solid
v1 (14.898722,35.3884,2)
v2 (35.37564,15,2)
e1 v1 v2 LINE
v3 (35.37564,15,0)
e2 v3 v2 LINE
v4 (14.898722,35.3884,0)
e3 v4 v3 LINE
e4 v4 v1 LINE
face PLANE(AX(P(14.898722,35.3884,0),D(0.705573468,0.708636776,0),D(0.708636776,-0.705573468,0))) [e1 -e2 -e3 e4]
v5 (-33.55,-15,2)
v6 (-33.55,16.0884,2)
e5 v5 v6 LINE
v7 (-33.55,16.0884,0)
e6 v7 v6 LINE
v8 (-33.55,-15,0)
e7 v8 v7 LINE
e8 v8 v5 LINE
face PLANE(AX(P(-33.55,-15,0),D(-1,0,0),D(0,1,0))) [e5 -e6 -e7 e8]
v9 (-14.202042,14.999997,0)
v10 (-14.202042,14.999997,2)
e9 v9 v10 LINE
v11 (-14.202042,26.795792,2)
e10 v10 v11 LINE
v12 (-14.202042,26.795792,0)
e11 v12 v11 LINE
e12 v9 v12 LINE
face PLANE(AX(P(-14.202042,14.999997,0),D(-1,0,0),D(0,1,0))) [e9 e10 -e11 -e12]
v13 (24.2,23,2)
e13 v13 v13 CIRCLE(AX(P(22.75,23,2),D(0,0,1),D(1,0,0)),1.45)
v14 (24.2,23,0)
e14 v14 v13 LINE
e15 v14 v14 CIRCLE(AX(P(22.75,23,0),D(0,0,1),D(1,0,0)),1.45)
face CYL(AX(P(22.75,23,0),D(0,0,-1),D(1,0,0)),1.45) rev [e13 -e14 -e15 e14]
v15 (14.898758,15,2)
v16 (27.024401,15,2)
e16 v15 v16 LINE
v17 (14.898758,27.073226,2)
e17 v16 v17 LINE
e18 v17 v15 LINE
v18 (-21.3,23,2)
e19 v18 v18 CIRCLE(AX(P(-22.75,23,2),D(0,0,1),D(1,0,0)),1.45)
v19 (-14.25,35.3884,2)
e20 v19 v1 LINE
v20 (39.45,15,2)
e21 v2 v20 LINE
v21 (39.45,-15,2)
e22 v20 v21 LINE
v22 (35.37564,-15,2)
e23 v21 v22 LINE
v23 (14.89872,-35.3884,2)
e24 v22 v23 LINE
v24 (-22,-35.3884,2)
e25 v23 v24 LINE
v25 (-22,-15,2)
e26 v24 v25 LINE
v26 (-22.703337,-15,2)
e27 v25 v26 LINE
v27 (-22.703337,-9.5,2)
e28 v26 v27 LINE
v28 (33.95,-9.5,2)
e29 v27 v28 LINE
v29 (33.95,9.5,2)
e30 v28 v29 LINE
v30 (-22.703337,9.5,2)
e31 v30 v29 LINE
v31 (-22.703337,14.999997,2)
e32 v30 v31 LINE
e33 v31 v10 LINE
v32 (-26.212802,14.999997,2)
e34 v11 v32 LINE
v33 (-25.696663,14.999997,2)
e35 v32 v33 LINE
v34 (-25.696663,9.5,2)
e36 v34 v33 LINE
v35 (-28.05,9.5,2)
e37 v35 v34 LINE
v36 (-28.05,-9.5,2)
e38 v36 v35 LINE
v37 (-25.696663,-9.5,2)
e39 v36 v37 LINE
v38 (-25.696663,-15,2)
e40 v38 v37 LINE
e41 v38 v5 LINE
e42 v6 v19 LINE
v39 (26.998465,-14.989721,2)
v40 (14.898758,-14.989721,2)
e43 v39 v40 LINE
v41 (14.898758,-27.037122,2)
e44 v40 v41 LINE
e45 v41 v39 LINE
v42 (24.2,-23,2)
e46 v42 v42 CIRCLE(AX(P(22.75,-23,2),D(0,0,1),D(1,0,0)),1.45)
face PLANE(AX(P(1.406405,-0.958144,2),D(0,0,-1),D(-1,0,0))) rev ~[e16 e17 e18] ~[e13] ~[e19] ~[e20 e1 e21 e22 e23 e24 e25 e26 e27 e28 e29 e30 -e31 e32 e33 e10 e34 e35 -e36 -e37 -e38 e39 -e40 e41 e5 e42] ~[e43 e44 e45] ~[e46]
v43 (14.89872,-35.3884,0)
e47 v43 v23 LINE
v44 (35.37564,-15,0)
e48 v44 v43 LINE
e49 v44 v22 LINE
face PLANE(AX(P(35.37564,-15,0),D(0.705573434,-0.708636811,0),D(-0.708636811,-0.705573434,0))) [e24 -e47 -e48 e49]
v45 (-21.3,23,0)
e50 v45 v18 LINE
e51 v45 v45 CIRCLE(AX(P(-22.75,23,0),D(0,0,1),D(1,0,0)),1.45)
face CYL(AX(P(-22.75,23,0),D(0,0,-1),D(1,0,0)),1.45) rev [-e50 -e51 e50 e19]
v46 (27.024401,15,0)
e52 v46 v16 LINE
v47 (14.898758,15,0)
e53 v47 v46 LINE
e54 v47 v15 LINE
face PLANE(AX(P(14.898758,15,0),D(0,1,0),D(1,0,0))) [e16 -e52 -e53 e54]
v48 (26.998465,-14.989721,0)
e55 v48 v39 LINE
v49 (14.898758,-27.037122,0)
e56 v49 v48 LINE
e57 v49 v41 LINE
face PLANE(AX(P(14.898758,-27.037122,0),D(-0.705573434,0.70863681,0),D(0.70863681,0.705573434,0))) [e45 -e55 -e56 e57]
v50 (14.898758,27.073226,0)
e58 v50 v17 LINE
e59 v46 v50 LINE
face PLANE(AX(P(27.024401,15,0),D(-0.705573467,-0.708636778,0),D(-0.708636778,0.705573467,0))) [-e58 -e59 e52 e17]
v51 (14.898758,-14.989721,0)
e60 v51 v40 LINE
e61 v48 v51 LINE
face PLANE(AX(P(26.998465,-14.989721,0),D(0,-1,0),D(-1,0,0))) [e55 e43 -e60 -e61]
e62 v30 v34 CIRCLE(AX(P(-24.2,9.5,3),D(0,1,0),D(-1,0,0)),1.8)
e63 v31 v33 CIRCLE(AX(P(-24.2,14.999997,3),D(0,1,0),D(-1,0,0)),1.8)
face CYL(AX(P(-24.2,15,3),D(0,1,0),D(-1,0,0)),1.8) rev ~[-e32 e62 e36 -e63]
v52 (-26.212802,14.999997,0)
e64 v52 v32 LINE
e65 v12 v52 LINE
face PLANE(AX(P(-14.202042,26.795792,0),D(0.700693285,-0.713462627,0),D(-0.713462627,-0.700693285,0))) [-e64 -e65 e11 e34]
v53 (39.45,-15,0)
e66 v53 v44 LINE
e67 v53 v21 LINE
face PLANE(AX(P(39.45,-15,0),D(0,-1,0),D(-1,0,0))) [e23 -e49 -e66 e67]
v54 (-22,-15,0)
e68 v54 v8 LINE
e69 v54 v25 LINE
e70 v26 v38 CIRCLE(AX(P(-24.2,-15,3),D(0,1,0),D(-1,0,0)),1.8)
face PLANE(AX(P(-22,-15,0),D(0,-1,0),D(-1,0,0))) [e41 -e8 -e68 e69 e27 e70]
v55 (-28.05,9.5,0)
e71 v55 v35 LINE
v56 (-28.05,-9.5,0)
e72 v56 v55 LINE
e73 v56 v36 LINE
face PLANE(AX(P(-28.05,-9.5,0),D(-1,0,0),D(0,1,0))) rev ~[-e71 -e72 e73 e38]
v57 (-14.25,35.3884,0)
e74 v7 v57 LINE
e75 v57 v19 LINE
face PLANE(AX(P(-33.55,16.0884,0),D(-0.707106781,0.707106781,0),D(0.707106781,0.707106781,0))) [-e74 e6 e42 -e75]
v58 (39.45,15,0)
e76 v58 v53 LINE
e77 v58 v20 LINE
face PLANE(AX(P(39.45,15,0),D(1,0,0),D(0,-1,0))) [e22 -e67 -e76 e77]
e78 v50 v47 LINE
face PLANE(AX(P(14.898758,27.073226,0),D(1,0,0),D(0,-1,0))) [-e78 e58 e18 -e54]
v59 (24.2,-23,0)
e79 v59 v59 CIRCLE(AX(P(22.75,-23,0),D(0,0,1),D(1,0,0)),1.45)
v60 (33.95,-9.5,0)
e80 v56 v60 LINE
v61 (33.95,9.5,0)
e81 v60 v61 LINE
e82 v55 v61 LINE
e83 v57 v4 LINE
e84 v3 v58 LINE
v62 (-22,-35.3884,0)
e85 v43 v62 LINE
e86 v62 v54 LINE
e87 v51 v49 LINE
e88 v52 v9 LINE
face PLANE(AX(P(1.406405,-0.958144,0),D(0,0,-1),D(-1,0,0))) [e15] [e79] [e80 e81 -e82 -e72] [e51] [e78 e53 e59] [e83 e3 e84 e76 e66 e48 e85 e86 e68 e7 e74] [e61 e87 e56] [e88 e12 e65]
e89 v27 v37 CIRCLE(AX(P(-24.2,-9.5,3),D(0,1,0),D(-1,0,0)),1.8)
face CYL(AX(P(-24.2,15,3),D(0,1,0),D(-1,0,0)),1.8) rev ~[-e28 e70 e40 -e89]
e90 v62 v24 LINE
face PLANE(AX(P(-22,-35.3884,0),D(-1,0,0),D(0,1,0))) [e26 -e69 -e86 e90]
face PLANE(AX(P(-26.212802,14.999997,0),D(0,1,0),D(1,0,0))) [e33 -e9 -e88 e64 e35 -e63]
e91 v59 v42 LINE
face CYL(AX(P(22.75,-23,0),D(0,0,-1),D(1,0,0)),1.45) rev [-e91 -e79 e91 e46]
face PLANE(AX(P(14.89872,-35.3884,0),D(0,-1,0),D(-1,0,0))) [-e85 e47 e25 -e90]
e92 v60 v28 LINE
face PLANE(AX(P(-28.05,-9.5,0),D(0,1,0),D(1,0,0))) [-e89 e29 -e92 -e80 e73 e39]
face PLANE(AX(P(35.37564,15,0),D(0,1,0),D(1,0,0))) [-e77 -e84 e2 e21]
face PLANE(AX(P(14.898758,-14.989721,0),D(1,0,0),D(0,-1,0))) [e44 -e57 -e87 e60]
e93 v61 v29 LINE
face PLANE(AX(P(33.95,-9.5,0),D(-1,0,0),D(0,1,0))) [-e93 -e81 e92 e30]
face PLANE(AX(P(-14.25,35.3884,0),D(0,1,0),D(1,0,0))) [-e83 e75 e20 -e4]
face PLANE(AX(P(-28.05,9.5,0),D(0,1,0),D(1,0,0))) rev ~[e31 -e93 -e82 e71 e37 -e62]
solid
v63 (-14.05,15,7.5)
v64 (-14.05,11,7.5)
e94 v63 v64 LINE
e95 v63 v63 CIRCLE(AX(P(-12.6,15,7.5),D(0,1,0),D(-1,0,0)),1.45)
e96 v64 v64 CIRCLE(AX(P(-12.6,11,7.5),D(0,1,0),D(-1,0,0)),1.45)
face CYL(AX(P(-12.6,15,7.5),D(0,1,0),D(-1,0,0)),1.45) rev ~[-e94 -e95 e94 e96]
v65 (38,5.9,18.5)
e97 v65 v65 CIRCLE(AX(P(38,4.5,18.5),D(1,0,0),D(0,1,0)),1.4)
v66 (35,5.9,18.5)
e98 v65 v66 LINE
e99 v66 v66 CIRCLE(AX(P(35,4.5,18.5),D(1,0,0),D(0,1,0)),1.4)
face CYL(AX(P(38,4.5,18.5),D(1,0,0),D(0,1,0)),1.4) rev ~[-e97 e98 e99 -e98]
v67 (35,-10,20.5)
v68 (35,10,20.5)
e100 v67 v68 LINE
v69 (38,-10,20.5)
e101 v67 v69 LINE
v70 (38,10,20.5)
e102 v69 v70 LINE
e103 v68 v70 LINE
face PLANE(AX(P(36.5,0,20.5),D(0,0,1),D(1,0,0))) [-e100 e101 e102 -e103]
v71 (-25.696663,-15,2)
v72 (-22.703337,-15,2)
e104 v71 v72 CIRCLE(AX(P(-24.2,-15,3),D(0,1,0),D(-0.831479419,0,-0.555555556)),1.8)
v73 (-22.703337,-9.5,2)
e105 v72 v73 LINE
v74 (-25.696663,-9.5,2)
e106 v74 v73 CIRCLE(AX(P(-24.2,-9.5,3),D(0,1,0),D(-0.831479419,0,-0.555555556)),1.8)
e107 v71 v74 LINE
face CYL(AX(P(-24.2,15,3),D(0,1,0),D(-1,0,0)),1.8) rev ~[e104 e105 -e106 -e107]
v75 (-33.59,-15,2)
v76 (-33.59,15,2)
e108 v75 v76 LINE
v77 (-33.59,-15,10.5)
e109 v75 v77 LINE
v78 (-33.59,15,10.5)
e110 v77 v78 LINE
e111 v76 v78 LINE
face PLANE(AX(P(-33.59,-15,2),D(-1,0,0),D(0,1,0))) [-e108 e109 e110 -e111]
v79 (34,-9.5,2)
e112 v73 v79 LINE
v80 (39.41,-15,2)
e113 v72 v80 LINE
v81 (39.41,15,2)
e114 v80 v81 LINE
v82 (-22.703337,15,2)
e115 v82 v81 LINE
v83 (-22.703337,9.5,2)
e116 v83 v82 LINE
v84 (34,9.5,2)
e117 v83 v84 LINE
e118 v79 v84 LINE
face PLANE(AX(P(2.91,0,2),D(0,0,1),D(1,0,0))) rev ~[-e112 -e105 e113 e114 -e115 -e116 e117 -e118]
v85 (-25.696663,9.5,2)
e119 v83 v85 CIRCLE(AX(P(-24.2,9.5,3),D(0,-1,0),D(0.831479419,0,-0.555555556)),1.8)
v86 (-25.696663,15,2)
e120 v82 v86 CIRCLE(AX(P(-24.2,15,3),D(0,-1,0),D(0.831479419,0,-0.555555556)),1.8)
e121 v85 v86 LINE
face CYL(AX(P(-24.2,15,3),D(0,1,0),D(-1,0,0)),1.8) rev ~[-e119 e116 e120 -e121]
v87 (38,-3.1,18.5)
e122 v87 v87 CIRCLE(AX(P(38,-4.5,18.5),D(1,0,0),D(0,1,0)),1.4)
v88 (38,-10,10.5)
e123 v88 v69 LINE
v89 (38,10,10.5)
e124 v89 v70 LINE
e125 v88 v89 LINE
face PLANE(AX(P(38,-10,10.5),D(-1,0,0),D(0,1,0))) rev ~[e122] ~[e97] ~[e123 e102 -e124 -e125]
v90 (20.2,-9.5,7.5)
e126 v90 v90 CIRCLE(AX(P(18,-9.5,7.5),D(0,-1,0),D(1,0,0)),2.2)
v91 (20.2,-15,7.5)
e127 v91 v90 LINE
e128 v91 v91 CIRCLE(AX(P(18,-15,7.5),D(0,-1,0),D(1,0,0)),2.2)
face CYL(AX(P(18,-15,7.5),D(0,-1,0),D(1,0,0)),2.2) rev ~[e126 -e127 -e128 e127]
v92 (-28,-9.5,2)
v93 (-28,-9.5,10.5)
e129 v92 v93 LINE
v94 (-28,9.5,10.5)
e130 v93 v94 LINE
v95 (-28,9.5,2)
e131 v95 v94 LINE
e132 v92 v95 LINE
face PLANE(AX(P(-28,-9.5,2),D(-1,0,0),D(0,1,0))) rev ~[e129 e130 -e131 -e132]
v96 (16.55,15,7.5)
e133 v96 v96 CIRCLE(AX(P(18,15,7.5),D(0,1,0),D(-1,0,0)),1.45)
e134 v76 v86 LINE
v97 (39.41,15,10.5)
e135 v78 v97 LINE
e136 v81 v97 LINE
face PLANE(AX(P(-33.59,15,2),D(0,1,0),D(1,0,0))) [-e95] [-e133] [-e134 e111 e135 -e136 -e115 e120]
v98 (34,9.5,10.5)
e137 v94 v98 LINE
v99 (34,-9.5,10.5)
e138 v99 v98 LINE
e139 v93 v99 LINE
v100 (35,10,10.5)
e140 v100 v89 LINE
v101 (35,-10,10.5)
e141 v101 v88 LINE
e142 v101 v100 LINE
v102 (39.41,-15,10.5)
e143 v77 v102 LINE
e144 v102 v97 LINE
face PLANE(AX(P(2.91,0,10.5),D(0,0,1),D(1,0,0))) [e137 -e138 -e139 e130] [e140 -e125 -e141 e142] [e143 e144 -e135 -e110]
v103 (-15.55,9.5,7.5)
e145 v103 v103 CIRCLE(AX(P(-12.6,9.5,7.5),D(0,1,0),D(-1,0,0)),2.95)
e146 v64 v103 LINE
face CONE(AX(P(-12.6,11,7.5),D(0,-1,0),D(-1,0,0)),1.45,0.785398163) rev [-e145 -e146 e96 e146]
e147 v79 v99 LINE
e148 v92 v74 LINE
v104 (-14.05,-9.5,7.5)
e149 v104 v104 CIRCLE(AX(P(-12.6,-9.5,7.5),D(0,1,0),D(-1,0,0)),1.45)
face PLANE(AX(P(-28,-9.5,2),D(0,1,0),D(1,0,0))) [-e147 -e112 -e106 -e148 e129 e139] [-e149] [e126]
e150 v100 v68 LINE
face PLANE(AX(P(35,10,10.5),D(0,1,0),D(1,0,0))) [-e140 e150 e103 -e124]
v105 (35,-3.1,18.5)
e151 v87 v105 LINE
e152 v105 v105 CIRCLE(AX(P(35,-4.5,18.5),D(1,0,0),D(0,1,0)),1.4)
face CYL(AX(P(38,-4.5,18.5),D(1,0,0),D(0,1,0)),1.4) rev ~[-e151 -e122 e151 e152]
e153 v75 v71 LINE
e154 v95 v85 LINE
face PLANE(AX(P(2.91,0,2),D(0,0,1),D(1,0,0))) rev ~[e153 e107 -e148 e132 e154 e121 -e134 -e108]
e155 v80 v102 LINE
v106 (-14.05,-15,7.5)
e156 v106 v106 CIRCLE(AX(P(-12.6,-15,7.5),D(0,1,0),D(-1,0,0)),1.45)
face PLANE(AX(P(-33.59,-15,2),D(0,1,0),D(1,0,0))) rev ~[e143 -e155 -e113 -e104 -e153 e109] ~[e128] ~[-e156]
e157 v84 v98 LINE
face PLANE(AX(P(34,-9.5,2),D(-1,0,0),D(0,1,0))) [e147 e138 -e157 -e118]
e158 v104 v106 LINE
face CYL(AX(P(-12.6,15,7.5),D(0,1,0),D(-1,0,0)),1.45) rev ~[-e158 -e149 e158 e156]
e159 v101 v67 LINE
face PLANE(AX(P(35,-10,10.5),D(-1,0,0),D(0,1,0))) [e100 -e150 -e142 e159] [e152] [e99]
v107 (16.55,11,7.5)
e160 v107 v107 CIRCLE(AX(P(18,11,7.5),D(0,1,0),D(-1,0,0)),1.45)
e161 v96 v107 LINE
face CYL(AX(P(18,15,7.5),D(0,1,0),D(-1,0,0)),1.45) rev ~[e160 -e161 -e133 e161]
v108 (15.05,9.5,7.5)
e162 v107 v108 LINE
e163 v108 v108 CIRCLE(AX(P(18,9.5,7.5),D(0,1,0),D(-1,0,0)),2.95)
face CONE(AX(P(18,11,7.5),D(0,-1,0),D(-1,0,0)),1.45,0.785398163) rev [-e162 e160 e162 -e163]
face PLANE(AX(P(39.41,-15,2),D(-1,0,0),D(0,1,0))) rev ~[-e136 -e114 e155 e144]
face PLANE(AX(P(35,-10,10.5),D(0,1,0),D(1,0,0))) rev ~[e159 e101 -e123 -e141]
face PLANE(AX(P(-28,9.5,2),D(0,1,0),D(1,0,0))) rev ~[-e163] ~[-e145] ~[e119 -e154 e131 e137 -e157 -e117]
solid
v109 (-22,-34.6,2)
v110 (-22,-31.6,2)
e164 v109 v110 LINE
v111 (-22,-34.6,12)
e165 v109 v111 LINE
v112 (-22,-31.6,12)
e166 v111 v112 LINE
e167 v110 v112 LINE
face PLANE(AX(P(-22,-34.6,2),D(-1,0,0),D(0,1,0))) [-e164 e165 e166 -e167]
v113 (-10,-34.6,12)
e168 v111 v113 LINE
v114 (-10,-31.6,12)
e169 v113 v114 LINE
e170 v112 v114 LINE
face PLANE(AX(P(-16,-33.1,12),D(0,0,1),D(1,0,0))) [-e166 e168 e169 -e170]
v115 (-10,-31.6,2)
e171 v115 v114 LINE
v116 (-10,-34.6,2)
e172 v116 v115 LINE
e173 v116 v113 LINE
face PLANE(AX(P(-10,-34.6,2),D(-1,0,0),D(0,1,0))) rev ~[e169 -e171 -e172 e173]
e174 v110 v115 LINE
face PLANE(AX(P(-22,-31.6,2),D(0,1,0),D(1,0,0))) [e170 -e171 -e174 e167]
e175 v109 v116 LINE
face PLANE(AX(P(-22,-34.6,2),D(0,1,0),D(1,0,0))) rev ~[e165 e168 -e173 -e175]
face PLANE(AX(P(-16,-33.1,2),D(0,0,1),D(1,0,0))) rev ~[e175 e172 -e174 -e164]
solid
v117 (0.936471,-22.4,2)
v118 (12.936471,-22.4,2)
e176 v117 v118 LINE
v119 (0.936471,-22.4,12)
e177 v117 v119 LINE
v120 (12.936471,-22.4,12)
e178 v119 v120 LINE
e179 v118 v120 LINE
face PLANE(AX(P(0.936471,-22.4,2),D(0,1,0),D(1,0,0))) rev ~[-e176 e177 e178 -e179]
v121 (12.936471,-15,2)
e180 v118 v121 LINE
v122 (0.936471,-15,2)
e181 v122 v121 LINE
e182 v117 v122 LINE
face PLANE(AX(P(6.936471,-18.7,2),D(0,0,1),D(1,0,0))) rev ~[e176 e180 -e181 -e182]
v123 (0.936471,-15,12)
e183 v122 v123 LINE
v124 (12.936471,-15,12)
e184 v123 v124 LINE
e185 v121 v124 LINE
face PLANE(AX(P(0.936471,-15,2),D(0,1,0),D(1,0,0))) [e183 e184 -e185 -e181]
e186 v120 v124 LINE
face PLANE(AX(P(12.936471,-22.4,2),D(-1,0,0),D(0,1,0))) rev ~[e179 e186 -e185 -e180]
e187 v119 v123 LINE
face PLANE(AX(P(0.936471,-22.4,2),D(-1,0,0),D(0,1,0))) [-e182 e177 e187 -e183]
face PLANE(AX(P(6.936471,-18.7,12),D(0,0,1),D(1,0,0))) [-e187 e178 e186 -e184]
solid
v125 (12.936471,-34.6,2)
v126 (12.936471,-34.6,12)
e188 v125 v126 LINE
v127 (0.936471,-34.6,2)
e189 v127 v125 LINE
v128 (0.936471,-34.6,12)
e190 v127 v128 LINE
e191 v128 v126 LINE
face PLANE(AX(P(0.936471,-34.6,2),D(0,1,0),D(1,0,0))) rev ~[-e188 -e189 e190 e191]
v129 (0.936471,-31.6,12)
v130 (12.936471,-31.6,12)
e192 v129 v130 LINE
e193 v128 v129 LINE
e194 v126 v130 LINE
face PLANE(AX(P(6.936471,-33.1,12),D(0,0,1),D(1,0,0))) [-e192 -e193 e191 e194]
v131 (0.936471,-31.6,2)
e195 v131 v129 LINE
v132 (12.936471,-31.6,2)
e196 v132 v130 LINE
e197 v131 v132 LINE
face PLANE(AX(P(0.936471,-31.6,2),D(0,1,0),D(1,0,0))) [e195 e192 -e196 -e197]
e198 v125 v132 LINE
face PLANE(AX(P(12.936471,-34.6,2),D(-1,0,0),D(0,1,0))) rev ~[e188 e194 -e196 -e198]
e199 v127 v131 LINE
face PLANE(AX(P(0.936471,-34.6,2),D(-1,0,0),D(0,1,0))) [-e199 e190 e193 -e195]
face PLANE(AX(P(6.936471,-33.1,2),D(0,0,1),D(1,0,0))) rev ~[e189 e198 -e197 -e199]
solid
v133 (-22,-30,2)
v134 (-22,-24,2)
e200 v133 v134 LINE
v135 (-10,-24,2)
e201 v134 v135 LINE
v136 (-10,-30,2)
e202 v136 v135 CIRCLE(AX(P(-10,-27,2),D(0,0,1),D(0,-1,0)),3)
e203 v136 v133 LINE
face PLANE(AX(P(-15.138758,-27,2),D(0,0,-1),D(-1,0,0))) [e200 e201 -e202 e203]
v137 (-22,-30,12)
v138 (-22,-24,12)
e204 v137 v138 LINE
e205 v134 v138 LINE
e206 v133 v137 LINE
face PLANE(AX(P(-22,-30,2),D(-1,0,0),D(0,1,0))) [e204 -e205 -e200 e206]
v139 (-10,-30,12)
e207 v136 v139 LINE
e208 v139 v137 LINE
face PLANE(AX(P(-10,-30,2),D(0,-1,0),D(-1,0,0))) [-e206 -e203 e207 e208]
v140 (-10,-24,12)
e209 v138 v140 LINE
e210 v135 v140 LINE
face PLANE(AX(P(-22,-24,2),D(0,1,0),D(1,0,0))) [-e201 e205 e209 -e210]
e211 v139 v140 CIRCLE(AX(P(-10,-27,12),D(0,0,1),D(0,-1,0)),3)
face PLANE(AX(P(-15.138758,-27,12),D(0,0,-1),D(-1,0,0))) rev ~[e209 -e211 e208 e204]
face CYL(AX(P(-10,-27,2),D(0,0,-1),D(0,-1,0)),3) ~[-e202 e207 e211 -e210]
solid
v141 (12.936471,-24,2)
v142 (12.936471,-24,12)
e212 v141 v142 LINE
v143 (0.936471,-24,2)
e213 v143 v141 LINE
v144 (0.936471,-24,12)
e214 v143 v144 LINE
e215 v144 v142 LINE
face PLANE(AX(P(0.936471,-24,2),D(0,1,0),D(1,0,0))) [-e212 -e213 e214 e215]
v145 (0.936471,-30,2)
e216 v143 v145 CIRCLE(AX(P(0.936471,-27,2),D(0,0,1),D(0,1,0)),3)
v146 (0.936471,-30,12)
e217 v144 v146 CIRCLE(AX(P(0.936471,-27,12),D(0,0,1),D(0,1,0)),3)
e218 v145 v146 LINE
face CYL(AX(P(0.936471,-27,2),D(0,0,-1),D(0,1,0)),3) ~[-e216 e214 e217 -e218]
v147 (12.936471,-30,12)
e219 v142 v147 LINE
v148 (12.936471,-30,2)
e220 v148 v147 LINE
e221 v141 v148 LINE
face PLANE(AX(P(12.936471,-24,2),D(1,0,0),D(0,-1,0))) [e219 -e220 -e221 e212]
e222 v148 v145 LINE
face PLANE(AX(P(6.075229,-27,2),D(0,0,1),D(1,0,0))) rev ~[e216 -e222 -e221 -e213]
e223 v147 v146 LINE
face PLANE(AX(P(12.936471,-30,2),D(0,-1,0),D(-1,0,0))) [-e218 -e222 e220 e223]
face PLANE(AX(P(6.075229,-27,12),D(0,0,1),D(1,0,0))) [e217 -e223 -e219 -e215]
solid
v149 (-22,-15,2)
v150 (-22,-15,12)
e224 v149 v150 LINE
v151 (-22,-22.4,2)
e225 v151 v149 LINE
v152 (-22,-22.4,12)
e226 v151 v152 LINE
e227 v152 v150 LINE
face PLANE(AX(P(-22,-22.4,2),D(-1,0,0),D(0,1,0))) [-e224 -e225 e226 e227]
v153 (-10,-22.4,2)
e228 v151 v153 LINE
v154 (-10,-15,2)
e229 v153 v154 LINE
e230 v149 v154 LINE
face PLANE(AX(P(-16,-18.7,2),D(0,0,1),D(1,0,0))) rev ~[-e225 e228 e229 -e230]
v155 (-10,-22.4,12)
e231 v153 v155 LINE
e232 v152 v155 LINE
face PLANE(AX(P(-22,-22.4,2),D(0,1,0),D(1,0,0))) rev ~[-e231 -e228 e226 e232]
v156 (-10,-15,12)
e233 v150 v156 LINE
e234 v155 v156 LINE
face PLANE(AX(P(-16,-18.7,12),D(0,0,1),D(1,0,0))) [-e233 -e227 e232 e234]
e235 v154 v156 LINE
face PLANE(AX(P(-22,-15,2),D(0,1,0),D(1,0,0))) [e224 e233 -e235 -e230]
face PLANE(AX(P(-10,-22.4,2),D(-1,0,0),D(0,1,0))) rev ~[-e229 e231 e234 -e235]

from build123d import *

# Parameters (mm, degrees)
SKETCH002_W     = 12
SKETCH002_H     = 7.4
SKETCH002_H_2   = 3
PAD002_DEPTH    = 10
SKETCH_R        = 1.45
SKETCH_W        = 62
SKETCH_H        = 19
PAD_DEPTH       = 2
SKETCH004_R     = 1.8
POCKET005_DEPTH = 50
SKETCH001_W     = 73
SKETCH001_H     = 30
SKETCH001_W_2   = 62
SKETCH001_H_2   = 19
PAD004_DEPTH    = 8.5
SKETCH003_R     = 1.45
SKETCH003_R_2   = 1.8
POCKET004_DEPTH = 50
SKETCH005_R     = 2.2
POCKET_DEPTH    = 5.5
CHAMFER_SIZE    = 1.5
SKETCH006_W     = 3
SKETCH006_H     = 20
PAD005_DEPTH    = 10
SKETCH007_R     = 1.4
POCKET006_DEPTH = 5


with BuildPart() as pad002:
    # Sketch002 → Pad002 (new body)
    with BuildSketch(Plane.XY.offset(2)):
        with BuildLine():
            Line((-22, -24), (-10, -24))
            ThreePointArc((-10, -30), (-7, -27), (-10, -24))
            Line((-10, -30), (-22, -30))
            Line((-22, -30), (-22, -24))
        make_face()
        with Locations((-16, -18.7)):
            Rectangle(SKETCH002_W, SKETCH002_H)
        with Locations((6.936471, -18.7)):
            Rectangle(SKETCH002_W, SKETCH002_H)
        with BuildLine():
            ThreePointArc((0.936471, -24), (-2.063529, -27), (0.936471, -30))
            Line((12.936471, -30), (0.936471, -30))
            Line((12.936471, -24), (12.936471, -30))
            Line((0.936471, -24), (12.936471, -24))
        make_face()
        with Locations((-16, -33.1)):
            Rectangle(SKETCH002_W, SKETCH002_H_2)
        with Locations((6.936471, -33.1)):
            Rectangle(SKETCH002_W, SKETCH002_H_2)
    extrude(amount=PAD002_DEPTH)


with BuildPart() as pocket005:
    # Sketch → Pad (new body)
    with BuildSketch(Plane.XY):
        Polygon((-33.55, 16.0884), (-14.25, 35.3884), (14.898722, 35.3884), (35.37564, 15), (39.45, 15), (39.45, -15), (35.37564, -15), (14.89872, -35.3884), (-22, -35.3884), (-22, -15), (-33.55, -15), align=None)
        with Locations((-22.75, 23)):
            Circle(SKETCH_R, mode=Mode.SUBTRACT)
        with Locations((22.75, 23)):
            Circle(SKETCH_R, mode=Mode.SUBTRACT)
        with Locations((22.75, -23)):
            Circle(SKETCH_R, mode=Mode.SUBTRACT)
        with Locations((2.95, 0)):
            Rectangle(SKETCH_W, SKETCH_H, mode=Mode.SUBTRACT)
        Polygon((-14.202042, 26.795792), (-26.212802, 14.999997), (-14.202042, 14.999997), align=None, mode=Mode.SUBTRACT)
        Polygon((27.024401, 15), (14.898758, 27.073226), (14.898758, 15), align=None, mode=Mode.SUBTRACT)
        Polygon((14.898758, -27.037122), (26.998465, -14.989721), (14.898758, -14.989721), align=None, mode=Mode.SUBTRACT)
    extrude(amount=PAD_DEPTH)

    # Sketch004 → Pocket005 (cut)
    with BuildSketch(Plane(origin=(0, 15, 0), x_dir=(-1, 0, 0), z_dir=(0, 1, 0))):
        with Locations((24.2, 3)):
            Circle(SKETCH004_R)
    extrude(amount=-POCKET005_DEPTH, mode=Mode.SUBTRACT)


with BuildPart() as pocket006:
    # Sketch001 → Pad004 (new body)
    with BuildSketch(Plane.XY.offset(2)):
        with Locations((2.91, 0)):
            Rectangle(SKETCH001_W, SKETCH001_H)
        with Locations((3, 0)):
            Rectangle(SKETCH001_W_2, SKETCH001_H_2, mode=Mode.SUBTRACT)
    extrude(amount=PAD004_DEPTH)

    # Sketch003 → Pocket004 (cut)
    with BuildSketch(Plane(origin=(0, 15, 2), x_dir=(-1, 0, 0), z_dir=(0, 1, 0))):
        with Locations((-18, 5.5)):
            Circle(SKETCH003_R)
        with Locations((12.6, 5.5)):
            Circle(SKETCH003_R)
        with Locations((24.2, 1)):
            Circle(SKETCH003_R_2)
    extrude(amount=-POCKET004_DEPTH, mode=Mode.SUBTRACT)

    # Sketch005 → Pocket (cut)
    with BuildSketch(Plane(origin=(0, -15, 2), x_dir=(1, 0, 0), z_dir=(0, -1, 0))):
        with Locations((18, 5.5)):
            Circle(SKETCH005_R)
    extrude(amount=-POCKET_DEPTH, mode=Mode.SUBTRACT)

    # Chamfer
    chamfer_edges = [pocket006.edges().sort_by_distance(p)[0] for p in [
        (19.45, 9.5, 7.5),
        (-11.15, 9.5, 7.5),
    ]]
    chamfer(chamfer_edges, length=CHAMFER_SIZE)

    # Sketch006 → Pad005 (new body)
    with BuildSketch(Plane.XY.offset(10.5)):
        with Locations((36.5, 0)):
            Rectangle(SKETCH006_W, SKETCH006_H)
    extrude(amount=PAD005_DEPTH)

    # Sketch007 → Pocket006 (cut)
    with BuildSketch(Plane(origin=(38, 0, 2), x_dir=(0, 1, 0), z_dir=(1, 0, 0))):
        with Locations((-4.5, 16.5)):
            Circle(SKETCH007_R)
        with Locations((4.5, 16.5)):
            Circle(SKETCH007_R)
    extrude(amount=-POCKET006_DEPTH, mode=Mode.SUBTRACT)


solid = Compound([pad002.part, pocket005.part, pocket006.part])
